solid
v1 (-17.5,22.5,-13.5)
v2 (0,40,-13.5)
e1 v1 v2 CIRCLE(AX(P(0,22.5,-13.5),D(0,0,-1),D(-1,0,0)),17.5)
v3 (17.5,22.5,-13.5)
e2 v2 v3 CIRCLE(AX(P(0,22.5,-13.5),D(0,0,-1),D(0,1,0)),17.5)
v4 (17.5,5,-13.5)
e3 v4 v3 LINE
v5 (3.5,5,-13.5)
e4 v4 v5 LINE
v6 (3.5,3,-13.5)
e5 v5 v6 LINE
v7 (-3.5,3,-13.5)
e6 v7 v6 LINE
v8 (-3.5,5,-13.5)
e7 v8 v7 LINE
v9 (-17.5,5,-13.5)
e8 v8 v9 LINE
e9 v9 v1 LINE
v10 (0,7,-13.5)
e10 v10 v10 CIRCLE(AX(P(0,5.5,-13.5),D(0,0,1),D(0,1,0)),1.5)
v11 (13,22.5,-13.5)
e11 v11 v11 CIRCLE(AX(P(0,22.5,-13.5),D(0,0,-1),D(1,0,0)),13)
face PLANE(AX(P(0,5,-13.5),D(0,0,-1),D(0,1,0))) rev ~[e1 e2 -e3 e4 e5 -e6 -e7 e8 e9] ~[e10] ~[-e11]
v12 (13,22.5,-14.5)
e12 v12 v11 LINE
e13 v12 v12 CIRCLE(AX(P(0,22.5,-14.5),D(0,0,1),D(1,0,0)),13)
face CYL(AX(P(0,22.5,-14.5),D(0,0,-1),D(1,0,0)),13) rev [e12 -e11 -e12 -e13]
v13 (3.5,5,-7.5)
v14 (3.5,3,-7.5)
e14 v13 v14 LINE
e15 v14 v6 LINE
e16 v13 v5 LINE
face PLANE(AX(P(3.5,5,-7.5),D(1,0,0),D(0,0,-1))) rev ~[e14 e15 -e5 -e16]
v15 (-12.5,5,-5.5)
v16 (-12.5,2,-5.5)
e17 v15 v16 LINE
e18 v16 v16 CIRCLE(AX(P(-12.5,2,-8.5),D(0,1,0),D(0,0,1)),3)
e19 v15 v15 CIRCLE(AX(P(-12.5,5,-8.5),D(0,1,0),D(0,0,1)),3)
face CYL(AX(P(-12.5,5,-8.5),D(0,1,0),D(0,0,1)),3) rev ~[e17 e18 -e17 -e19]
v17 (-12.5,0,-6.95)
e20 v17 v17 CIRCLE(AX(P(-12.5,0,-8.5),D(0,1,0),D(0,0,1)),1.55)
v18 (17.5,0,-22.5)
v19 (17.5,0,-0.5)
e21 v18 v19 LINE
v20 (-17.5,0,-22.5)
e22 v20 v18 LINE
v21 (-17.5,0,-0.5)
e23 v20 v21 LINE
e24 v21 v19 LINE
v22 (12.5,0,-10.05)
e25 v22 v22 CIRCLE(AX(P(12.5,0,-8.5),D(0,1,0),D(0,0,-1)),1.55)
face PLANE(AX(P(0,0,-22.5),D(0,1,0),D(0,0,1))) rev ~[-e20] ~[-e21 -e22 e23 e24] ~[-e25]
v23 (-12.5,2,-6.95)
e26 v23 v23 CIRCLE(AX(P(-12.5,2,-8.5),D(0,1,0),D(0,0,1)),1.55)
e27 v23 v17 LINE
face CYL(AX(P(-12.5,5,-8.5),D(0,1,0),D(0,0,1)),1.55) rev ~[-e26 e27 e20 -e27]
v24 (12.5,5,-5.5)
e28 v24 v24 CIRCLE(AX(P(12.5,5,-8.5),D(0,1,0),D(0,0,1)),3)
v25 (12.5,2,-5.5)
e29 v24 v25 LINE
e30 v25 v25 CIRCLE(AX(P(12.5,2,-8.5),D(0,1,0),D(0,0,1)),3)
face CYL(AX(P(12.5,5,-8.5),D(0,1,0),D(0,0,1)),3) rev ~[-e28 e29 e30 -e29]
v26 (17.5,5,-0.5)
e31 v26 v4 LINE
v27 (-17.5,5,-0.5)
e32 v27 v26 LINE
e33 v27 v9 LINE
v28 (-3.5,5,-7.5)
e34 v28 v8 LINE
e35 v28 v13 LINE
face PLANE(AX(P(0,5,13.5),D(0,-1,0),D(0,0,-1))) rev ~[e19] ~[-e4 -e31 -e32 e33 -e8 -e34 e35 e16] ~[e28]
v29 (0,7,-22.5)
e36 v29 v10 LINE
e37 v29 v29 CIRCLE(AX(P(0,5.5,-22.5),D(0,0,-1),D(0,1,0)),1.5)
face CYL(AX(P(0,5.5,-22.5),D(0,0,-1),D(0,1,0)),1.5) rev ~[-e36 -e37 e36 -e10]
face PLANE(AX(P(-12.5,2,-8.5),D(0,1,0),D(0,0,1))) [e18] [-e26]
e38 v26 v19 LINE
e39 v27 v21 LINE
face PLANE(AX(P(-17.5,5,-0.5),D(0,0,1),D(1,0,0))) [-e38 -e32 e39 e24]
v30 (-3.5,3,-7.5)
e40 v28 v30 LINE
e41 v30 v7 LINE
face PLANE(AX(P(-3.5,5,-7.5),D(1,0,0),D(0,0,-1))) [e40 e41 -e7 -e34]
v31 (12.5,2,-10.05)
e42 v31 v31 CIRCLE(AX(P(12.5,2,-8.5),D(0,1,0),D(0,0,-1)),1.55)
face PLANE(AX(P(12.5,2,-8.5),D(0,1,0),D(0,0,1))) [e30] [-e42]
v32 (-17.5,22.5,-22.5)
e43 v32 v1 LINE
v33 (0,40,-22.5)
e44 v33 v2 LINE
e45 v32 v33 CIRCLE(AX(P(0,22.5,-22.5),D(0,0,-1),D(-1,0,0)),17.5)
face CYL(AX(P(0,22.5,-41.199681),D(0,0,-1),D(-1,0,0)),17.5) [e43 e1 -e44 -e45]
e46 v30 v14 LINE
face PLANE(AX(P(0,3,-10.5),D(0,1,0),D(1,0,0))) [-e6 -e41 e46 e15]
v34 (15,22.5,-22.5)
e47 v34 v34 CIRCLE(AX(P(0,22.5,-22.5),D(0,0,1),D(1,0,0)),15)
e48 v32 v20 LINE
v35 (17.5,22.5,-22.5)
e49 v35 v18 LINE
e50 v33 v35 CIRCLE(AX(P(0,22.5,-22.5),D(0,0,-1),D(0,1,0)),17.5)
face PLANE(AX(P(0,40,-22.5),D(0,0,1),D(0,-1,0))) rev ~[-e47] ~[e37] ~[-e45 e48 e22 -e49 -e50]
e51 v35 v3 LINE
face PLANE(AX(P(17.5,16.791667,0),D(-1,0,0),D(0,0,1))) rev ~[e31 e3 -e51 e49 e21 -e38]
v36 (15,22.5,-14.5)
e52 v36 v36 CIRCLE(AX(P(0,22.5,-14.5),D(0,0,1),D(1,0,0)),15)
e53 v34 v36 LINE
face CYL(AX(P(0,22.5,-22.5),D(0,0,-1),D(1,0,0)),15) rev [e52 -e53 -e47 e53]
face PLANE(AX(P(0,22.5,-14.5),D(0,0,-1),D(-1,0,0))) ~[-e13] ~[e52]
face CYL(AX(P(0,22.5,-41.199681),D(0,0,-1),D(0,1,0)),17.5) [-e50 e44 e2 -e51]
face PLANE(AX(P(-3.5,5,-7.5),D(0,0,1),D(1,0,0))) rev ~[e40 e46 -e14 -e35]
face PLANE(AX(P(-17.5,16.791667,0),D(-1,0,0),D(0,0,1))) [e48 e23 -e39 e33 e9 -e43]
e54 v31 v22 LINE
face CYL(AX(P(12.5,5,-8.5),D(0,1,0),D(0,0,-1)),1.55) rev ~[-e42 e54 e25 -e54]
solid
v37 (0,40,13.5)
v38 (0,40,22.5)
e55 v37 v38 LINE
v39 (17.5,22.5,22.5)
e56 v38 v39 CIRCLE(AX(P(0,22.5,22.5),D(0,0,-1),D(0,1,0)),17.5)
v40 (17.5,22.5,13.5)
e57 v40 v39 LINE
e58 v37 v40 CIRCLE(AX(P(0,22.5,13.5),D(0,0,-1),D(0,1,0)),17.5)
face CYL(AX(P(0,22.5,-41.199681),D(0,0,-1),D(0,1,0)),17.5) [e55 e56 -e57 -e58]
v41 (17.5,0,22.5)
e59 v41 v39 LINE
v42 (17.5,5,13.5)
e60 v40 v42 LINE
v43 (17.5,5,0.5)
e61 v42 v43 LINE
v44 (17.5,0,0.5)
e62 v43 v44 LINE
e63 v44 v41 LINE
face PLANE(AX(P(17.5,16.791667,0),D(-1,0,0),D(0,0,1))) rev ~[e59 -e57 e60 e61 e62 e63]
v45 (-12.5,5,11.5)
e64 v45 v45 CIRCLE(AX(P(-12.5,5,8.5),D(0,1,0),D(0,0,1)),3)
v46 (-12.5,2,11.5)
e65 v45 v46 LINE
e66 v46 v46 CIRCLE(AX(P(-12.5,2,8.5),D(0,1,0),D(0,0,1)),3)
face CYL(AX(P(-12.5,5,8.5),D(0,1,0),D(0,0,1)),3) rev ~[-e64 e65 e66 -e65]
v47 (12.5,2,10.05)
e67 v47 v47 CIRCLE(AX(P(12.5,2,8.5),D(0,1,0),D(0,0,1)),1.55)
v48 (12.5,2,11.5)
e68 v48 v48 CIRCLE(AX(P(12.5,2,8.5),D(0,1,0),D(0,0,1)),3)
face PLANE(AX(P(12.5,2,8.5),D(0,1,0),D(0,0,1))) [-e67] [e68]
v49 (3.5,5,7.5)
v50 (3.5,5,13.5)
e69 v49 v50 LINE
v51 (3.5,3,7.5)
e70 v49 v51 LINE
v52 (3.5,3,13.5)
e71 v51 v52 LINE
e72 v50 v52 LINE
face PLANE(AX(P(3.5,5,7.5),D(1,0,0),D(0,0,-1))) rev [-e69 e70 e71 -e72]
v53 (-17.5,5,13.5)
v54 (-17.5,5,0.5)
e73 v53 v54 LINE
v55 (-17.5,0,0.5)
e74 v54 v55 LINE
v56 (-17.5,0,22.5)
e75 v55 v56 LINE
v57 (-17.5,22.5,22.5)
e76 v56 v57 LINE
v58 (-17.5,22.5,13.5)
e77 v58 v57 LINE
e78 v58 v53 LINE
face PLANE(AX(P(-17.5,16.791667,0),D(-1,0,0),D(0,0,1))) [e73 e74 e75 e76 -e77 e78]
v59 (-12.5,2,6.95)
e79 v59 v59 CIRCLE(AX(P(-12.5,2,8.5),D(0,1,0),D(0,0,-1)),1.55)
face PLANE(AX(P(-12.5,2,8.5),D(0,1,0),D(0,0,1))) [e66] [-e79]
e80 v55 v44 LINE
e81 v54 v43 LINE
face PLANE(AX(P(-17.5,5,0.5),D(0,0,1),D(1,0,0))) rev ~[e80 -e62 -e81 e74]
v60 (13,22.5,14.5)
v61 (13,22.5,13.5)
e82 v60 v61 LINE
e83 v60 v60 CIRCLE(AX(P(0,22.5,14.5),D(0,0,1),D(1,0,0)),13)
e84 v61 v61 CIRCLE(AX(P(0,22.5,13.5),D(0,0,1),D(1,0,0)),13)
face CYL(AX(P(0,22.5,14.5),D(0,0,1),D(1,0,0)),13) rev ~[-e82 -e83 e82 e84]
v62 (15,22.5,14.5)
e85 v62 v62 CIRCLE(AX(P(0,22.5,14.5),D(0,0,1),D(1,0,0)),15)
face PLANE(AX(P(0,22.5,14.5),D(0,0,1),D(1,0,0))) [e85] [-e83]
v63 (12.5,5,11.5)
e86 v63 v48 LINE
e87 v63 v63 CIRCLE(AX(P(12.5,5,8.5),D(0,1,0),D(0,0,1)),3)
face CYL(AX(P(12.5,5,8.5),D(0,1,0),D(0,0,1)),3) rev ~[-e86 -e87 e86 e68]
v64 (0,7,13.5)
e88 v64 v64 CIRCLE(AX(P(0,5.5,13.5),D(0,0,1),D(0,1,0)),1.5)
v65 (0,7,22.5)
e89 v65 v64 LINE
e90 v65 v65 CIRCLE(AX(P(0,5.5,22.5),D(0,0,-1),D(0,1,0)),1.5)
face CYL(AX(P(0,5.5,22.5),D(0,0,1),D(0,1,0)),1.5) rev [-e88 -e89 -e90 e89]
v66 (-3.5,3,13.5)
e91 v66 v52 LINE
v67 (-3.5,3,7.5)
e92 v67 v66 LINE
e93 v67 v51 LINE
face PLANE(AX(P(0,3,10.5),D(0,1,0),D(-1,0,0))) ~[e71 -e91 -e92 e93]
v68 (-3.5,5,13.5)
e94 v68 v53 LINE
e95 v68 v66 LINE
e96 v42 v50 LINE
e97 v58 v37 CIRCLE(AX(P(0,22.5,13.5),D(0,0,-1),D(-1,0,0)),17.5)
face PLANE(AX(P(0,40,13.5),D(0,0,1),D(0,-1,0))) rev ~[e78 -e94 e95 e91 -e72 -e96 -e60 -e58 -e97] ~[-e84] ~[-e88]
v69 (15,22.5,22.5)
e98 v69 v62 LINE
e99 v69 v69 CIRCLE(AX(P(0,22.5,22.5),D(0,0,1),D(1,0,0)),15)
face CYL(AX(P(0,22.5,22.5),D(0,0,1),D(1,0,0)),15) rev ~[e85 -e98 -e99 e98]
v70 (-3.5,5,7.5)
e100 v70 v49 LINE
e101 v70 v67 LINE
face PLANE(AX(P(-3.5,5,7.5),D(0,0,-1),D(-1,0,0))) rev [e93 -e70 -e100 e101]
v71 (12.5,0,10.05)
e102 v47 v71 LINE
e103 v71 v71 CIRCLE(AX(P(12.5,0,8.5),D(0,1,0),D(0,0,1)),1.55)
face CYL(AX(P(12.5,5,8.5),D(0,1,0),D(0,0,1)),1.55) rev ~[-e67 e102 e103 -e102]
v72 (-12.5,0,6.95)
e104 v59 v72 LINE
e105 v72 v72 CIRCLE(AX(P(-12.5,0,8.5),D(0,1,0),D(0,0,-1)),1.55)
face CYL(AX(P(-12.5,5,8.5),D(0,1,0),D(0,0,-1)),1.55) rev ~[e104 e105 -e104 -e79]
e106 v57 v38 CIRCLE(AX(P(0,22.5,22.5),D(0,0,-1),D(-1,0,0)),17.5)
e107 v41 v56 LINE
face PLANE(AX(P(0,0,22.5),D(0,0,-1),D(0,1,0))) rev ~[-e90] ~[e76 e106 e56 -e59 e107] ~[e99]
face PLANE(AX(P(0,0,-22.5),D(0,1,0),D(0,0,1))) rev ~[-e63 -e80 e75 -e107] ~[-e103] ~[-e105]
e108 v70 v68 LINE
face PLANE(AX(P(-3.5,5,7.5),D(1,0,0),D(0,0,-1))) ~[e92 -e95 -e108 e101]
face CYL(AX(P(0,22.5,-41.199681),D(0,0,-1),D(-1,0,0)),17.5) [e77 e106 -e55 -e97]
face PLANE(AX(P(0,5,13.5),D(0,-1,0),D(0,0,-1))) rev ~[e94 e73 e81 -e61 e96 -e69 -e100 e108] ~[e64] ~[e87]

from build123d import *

# Parameters (mm, degrees)
EXTRUDE_1_DEPTH          = 17.5
CUT_EXTRUDE_1_DEPTH      = 63.69968102
CUT_EXTRUDE_1_DEPTH_BACK = 63.69968102
SKETCH_6_R               = 1.55
CUT_EXTRUDE_4_DEPTH      = 46.138675213
SKETCH_7_R               = 15
CUT_EXTRUDE_5_DEPTH      = 8
SKETCH_8_R               = 13
CUT_EXTRUDE_6_DEPTH      = 2
SKETCH_9_R               = 1.5
CUT_EXTRUDE_7_DEPTH      = 14
SKETCH_10_W              = 7
SKETCH_10_H              = 6
CUT_EXTRUDE_8_DEPTH      = 2
SKETCH_15_W              = 35
SKETCH_15_H              = 1
CUT_EXTRUDE_9_DEPTH      = 10
SKETCH_16_R              = 3
CUT_EXTRUDE_10_DEPTH     = 3


with BuildPart() as part:
    # 草图1 → 凸台-拉伸1 (new, symmetric)
    with BuildSketch(Plane(origin=(0, 0, 0), x_dir=(0, 0, -1), z_dir=(1, 0, 0))):
        Polygon((22.5, 0), (-22.5, 0), (-22.5, 40), (-13.5, 40), (-13.5, 5), (13.5, 5), (13.5, 40), (22.5, 40), align=None)
    extrude(amount=EXTRUDE_1_DEPTH, both=True)

    # 草图2 → 切除-拉伸1 (cut, two sides: drawn at the far end of the back side and taken through both)
    with BuildSketch(Plane.XY.offset(22.5).offset(-CUT_EXTRUDE_1_DEPTH_BACK)):
        with BuildLine():
            ThreePointArc((-17.5, 22.5), (-12.374368671, 34.874368671), (0, 40))
            Line((0, 40), (-17.5, 40))
            Line((-17.5, 40), (-17.5, 22.5))
        make_face()
        with BuildLine():
            Line((17.5, 22.5), (17.5, 40))
            Line((17.5, 40), (0, 40))
            ThreePointArc((0, 40), (12.374368671, 34.874368671), (17.5, 22.5))
        make_face()
    extrude(amount=CUT_EXTRUDE_1_DEPTH + CUT_EXTRUDE_1_DEPTH_BACK, mode=Mode.SUBTRACT)

    # 草图6 → 切除-拉伸4 (cut, through all)
    with BuildSketch(Plane(origin=(0, 5, 0), x_dir=(1, 0, 0), z_dir=(0, 1, 0))):
        with Locations(Location((-12.5, 8.5, 0), (0, 0, 270))):
            Circle(SKETCH_6_R)
        with Locations(Location((12.5, 8.5, 0), (0, 0, 90))):
            Circle(SKETCH_6_R)
        with Locations(Location((12.5, -8.5, 0), (0, 0, 270))):
            Circle(SKETCH_6_R)
        with Locations(Location((-12.5, -8.5, 0), (0, 0, 90))):
            Circle(SKETCH_6_R)
    extrude(amount=-CUT_EXTRUDE_4_DEPTH, mode=Mode.SUBTRACT)

    # 草图7 → 切除-拉伸5 (cut)
    with BuildSketch(Plane.XY.offset(22.5)):
        with Locations((0, 22.5)):
            Circle(SKETCH_7_R)
    cut_extrude_5 = extrude(amount=-CUT_EXTRUDE_5_DEPTH, mode=Mode.SUBTRACT)

    # 草图8 → 切除-拉伸6 (cut)
    with BuildSketch(Plane.XY.offset(14.5)):
        with Locations((0, 22.5)):
            Circle(SKETCH_8_R)
    cut_extrude_6 = extrude(amount=-CUT_EXTRUDE_6_DEPTH, mode=Mode.SUBTRACT)

    # 镜向1: 切除-拉伸5, 切除-拉伸6 across plane
    add(cut_extrude_5.mirror(Plane.XY), mode=Mode.SUBTRACT)
    add(cut_extrude_6.mirror(Plane.XY), mode=Mode.SUBTRACT)

    # 草图9 → 切除-拉伸7 (cut)
    with BuildSketch(Plane(origin=(0, 0, -22.5), x_dir=(-1, 0, 0), z_dir=(0, 0, -1))):
        with Locations(Location((0, 5.5, 0), (0, 0, 90))):
            Circle(SKETCH_9_R)
    cut_extrude_7 = extrude(amount=-CUT_EXTRUDE_7_DEPTH, mode=Mode.SUBTRACT)

    # 草图10 → 切除-拉伸8 (cut)
    with BuildSketch(Plane(origin=(0, 5, 0), x_dir=(1, 0, 0), z_dir=(0, 1, 0))):
        with Locations((0, 10.5)):
            Rectangle(SKETCH_10_W, SKETCH_10_H)
    cut_extrude_8 = extrude(amount=-CUT_EXTRUDE_8_DEPTH, mode=Mode.SUBTRACT)

    # 镜向2: 切除-拉伸7, 切除-拉伸8 across plane
    add(cut_extrude_7.mirror(Plane.XY), mode=Mode.SUBTRACT)
    add(cut_extrude_8.mirror(Plane.XY), mode=Mode.SUBTRACT)

    # 草图15 → 切除-拉伸9 (cut)
    with BuildSketch(Plane(origin=(0, 5, 0), x_dir=(1, 0, 0), z_dir=(0, 1, 0))):
        Rectangle(SKETCH_15_W, SKETCH_15_H)
    extrude(amount=-CUT_EXTRUDE_9_DEPTH, mode=Mode.SUBTRACT)


with BuildPart() as cut_extrude_9_piece_1:
    # of the separate pieces the step leaves, piece 1, a body of its own (cut_extrude_9_pieces)
    add(part.part.solids().sort_by_distance((-17.5, 0, -22.5))[0])


with BuildPart() as cut_extrude_9_piece_2:
    # of the separate pieces the step leaves, piece 2, a body of its own (cut_extrude_9_pieces)
    add(part.part.solids().sort_by_distance((17.5, 0, 0.5))[0])


with BuildPart() as cut_extrude_10_tool:
    # 草图16 → 切除-拉伸10 (new body)
    with BuildSketch(Plane(origin=(0, 5, 0), x_dir=(1, 0, 0), z_dir=(0, 1, 0))):
        with Locations(Location((-12.5, 8.5, 0), (0, 0, 270))):
            Circle(SKETCH_16_R)
        with Locations(Location((12.5, 8.5, 0), (0, 0, 270))):
            Circle(SKETCH_16_R)
        with Locations(Location((12.5, -8.5, 0), (0, 0, 270))):
            Circle(SKETCH_16_R)
        with Locations(Location((-12.5, -8.5, 0), (0, 0, 270))):
            Circle(SKETCH_16_R)
    extrude(amount=-CUT_EXTRUDE_10_DEPTH)


with BuildPart() as cut_extrude_9_piece_1_1:
    add(cut_extrude_9_piece_1.part)

    # 切除-拉伸10: cut by cut_extrude_10_tool
    add(cut_extrude_10_tool.part, mode=Mode.SUBTRACT)


with BuildPart() as cut_extrude_9_piece_2_1:
    add(cut_extrude_9_piece_2.part)

    # 切除-拉伸10: cut by cut_extrude_10_tool
    add(cut_extrude_10_tool.part, mode=Mode.SUBTRACT)


solid = Compound([cut_extrude_9_piece_1_1.part, cut_extrude_9_piece_2_1.part])
